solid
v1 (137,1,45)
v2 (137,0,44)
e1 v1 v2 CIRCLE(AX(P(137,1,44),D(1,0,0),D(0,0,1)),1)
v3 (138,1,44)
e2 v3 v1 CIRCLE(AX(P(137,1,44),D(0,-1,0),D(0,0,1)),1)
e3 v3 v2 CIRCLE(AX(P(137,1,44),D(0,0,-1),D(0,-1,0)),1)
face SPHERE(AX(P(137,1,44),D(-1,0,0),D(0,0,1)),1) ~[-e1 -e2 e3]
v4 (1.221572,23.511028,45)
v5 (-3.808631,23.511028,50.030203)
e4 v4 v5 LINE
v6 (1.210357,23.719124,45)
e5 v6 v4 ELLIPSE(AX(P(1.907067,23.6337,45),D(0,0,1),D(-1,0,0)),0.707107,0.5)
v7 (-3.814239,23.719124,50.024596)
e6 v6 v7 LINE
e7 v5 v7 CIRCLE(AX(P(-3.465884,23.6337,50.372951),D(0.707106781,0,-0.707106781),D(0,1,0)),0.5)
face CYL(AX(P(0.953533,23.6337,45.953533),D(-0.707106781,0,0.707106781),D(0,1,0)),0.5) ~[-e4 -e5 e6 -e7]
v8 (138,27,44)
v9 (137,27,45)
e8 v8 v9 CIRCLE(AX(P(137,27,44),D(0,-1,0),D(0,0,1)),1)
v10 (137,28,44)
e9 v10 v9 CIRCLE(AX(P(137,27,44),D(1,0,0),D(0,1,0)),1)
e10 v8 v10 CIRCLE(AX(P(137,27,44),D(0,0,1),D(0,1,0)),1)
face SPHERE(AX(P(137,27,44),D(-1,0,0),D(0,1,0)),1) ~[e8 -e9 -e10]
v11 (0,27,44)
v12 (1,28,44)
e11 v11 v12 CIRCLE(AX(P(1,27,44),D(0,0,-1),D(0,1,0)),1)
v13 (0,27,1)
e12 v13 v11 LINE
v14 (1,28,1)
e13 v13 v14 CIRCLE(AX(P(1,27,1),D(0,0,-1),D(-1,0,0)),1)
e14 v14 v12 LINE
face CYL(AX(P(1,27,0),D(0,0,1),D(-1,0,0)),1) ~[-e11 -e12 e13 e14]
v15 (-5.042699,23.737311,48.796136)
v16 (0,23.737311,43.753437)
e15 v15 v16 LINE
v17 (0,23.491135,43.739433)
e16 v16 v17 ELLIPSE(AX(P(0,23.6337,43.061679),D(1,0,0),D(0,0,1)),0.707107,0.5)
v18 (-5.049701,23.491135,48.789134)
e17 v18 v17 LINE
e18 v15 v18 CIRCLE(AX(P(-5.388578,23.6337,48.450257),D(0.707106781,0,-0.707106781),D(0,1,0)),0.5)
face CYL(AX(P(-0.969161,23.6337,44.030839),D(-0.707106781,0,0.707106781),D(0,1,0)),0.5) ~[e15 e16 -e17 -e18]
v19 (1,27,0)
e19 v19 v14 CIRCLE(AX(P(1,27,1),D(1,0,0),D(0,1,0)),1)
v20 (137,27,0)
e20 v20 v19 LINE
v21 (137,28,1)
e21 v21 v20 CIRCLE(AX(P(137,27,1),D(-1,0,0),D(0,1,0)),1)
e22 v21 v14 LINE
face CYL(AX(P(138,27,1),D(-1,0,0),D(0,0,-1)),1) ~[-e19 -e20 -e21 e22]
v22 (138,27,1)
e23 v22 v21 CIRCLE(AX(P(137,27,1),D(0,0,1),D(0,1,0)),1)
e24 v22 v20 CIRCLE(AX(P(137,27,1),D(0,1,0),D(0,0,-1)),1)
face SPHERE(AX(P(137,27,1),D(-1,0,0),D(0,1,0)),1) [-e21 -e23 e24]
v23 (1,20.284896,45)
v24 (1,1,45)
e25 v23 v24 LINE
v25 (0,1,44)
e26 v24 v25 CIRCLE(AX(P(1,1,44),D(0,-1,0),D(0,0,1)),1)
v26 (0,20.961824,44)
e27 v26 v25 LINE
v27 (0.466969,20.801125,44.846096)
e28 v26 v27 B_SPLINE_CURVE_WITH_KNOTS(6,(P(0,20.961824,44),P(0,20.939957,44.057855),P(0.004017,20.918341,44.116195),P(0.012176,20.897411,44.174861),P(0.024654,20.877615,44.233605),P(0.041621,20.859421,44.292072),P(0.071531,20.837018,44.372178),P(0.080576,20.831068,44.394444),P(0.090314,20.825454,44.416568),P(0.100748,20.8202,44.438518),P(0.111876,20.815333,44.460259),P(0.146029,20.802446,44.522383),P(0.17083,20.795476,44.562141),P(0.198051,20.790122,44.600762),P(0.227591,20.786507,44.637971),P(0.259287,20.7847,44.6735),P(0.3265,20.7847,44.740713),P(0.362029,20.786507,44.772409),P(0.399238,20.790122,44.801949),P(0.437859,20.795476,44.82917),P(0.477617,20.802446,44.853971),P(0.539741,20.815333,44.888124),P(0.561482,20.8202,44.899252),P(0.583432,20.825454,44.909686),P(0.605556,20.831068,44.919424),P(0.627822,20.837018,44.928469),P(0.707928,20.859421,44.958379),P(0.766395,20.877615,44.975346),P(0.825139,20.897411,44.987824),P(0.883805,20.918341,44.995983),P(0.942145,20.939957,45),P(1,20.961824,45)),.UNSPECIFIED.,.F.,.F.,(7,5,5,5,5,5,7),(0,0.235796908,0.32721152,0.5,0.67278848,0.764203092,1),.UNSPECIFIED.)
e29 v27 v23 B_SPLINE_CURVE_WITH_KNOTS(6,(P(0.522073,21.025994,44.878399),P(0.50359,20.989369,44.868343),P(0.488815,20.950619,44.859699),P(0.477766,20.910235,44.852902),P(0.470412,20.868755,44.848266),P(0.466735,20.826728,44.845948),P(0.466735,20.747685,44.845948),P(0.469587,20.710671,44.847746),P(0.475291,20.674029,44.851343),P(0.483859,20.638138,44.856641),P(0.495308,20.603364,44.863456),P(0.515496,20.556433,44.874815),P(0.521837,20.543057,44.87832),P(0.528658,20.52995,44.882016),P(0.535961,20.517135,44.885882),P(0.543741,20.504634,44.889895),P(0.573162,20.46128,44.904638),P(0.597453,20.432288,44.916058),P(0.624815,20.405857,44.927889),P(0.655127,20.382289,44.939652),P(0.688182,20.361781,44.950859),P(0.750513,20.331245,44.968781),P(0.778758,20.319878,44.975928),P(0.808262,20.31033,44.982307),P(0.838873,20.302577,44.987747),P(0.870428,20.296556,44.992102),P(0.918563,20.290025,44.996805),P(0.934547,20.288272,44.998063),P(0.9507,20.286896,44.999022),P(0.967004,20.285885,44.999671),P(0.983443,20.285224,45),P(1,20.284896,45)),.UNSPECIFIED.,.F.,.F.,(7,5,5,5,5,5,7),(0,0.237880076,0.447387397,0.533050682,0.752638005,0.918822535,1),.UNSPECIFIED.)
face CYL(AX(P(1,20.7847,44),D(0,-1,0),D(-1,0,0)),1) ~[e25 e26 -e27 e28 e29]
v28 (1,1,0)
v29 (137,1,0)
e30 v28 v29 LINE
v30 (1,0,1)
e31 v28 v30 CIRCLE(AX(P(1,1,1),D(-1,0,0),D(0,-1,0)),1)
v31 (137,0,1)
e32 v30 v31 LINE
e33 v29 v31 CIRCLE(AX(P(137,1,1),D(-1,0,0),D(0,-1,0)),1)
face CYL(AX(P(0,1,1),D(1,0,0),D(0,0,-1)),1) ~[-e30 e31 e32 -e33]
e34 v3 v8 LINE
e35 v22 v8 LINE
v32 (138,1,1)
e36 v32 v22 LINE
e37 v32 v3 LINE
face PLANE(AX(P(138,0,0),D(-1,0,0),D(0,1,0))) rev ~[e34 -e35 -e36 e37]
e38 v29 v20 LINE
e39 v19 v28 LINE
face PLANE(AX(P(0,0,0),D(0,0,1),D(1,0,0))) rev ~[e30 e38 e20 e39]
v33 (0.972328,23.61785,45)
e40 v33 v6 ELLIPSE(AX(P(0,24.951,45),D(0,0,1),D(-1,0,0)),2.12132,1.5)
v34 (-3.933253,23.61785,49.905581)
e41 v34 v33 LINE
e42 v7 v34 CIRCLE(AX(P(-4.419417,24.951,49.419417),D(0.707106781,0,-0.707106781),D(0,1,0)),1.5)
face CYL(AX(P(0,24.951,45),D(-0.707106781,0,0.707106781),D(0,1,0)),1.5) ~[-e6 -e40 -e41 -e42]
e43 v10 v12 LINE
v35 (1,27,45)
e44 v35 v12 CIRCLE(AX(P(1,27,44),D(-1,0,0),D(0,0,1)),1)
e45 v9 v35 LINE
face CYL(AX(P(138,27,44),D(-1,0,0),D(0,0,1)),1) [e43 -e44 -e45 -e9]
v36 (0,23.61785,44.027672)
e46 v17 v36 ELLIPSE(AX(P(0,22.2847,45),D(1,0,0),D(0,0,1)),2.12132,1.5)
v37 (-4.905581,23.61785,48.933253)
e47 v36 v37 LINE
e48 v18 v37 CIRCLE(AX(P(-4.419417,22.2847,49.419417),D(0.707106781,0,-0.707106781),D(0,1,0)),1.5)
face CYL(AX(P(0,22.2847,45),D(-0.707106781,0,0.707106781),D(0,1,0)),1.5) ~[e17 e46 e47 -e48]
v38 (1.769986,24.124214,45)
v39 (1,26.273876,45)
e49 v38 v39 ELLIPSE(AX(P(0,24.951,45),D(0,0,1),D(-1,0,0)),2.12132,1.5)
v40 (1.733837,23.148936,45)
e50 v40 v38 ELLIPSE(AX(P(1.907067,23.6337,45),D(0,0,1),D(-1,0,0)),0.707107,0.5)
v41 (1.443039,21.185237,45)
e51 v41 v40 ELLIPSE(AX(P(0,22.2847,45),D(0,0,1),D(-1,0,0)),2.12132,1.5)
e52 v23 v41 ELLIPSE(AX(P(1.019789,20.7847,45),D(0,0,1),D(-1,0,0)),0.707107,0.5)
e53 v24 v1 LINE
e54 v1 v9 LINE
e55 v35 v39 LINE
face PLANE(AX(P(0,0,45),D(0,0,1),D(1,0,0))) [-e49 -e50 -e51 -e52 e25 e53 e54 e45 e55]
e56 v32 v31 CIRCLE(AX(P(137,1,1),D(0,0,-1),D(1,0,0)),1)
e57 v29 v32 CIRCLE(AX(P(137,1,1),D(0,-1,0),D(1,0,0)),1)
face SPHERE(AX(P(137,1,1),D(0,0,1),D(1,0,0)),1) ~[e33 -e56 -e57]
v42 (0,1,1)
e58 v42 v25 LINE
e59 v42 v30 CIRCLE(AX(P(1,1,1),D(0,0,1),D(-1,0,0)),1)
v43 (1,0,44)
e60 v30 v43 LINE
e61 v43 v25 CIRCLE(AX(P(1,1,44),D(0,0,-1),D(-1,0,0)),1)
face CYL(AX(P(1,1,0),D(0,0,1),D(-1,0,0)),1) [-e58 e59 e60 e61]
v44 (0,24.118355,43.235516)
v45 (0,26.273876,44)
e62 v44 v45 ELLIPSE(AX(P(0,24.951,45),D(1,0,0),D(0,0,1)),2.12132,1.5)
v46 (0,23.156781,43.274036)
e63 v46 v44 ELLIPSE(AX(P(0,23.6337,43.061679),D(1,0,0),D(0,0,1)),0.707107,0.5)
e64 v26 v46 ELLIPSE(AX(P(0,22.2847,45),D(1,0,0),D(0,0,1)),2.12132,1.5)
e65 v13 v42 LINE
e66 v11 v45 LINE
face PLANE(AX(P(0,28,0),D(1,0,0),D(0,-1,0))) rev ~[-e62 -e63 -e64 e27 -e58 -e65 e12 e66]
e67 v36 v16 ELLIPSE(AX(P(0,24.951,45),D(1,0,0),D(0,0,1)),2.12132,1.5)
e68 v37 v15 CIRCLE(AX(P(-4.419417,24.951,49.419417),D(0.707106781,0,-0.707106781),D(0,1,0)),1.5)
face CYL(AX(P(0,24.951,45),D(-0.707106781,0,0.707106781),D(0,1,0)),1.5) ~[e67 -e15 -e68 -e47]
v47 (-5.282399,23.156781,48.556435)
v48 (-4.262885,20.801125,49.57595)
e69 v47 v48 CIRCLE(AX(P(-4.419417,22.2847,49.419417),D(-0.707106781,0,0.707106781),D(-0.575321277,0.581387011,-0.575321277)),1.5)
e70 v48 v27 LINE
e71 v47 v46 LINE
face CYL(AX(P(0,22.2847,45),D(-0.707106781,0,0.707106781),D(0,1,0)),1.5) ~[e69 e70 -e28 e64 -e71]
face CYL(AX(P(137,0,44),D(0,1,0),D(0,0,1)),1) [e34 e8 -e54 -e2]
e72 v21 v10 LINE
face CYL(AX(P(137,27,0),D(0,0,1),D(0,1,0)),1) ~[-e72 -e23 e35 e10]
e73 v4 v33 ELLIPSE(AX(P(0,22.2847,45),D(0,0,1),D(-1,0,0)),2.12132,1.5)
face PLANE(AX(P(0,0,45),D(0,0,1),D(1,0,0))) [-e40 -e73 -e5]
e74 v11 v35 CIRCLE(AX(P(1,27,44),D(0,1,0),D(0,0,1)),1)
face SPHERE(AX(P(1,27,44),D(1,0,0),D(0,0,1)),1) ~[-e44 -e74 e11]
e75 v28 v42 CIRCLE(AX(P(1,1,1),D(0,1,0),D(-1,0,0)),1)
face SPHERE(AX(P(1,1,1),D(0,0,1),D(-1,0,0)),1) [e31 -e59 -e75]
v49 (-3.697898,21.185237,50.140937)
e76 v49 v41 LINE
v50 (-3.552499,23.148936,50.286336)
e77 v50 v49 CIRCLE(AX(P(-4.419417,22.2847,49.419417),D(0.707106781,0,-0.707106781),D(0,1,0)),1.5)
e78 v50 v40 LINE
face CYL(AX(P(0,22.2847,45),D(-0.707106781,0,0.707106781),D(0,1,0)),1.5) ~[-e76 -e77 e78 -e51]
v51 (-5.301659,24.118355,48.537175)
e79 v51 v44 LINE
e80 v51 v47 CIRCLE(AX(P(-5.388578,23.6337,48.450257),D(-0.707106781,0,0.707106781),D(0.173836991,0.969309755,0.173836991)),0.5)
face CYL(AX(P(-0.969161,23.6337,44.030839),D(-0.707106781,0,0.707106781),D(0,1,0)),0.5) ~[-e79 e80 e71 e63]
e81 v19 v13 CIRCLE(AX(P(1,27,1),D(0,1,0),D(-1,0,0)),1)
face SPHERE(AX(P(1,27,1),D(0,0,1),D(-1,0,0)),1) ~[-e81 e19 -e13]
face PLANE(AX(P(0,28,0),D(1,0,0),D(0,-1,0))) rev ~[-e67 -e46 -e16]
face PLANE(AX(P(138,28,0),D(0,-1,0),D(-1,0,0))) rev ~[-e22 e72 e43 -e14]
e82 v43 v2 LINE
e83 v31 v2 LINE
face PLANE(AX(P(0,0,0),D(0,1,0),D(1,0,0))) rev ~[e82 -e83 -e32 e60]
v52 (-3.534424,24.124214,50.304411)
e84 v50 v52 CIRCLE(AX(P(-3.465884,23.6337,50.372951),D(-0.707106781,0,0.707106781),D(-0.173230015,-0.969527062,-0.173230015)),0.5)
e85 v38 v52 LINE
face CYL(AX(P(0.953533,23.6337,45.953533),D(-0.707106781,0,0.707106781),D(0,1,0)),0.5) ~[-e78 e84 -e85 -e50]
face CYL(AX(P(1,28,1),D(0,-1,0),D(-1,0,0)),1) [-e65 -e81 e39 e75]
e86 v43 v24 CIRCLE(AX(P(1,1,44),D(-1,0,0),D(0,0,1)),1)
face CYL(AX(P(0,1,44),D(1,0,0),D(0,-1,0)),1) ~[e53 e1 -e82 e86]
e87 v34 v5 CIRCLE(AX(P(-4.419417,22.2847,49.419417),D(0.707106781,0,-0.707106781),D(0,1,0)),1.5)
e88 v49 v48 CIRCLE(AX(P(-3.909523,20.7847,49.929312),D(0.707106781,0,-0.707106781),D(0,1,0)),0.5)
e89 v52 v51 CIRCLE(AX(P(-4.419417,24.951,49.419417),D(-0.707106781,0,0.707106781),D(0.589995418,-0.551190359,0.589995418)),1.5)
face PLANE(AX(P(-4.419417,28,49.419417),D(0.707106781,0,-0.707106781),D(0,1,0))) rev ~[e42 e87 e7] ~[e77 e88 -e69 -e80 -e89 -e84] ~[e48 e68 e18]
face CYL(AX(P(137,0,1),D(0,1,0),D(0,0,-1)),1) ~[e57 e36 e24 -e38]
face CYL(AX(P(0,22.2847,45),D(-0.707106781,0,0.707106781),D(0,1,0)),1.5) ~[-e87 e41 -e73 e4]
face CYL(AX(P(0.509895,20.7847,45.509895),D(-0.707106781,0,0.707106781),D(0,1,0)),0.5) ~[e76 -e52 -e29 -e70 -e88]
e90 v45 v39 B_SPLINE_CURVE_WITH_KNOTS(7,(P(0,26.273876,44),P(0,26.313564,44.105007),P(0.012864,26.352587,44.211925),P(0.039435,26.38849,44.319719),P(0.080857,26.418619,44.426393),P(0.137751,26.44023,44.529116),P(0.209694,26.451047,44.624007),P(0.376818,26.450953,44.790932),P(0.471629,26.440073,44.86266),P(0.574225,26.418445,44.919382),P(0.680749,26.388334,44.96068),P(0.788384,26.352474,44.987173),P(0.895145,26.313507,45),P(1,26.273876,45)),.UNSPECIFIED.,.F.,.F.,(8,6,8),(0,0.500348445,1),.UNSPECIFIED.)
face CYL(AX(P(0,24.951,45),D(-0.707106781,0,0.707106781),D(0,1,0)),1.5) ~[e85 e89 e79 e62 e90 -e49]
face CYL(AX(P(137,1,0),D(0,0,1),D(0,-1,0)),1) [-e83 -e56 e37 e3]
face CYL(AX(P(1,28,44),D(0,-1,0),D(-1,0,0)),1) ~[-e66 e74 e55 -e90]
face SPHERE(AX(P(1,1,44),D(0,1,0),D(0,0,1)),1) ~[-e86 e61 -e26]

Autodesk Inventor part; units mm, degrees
ref_plane "YZ Plane" through (0, 0, 0) normal (1, 0, 0) x (0, 1, 0)
ref_plane "XZ Plane" through (0, 0, 0) normal (0, 1, 0) x (-1, 0, 0)
sketch "Sketch1" plane through (0, 0, 0) normal (0, 0, 1) x (1, 0, 0)
  line L0 (0, 0) -> (138, 0)
  line L1 (138, 0) -> (138, 28)
  line L2 (138, 28) -> (0, 28)
  line L3 (0, 28) -> (0, 0)
  dimension "d0" = 138
  dimension "d1" = 28
extrude "Extrusion1" add sketch "Sketch1" along normal blind 45
ref_plane "Work Plane1" through (0, 28, 45) normal (0.7071, 0, -0.7071) x (0, 1, 0)
sketch "Sketch2" plane through (0, 28, 45) normal (0.7071, 0, -0.7071) x (0, 1, 0)
  line L0 (-28, 0) -> (0, 0) projected
  circle A0 centre (-3.049, 0) radius 1.5
  circle A1 centre (-5.7153, 0) radius 1.5
  circle A2 centre (-7.2153, 0.7211) radius 0.5
  circle A3 centre (-4.3663, 1.3485) radius 0.5
  circle A4 centre (-4.3663, -1.3706) radius 0.5
  point P0 (-28, -31.8198)
  dimension "d5" = 3
  dimension "d6" = 3
  dimension "d7" = 1
  dimension "d8" = 1
  dimension "d9" = 1
extrude "Extrusion2" add sketch "Sketch2" along normal mid plane 12.5 contours A1 A0 A3 L0 | A1 A0 L0 | L0 A0 A1 | L0 A0 A4 A1 | A0 A1 A4 L0 | L0 A1 A2 A3 A0 | A3 A0 | A0 A3 A1 | A4 A1 A0 | A0 A4 | A3 A1 | A1 A4 | A2 A1 | A1 A2 picked at (-4.3907, 1.3671) picked at (-4.3952, -1.3761)
fillet "Fillet1" radius 1 13 edges at (0, 10.3924, 45) (69, 28, 45) (69, 0, 45) (0, 27.2255, 45) (0, 28, 22.5) (0, 0, 22.5) (0, 14, 0) (69, 28, 0) (138, 28, 22.5) (138, 14, 45) (138, 0, 22.5) (138, 14, 0) (69, 0, 0)
properties part number "LiPoBattery"
